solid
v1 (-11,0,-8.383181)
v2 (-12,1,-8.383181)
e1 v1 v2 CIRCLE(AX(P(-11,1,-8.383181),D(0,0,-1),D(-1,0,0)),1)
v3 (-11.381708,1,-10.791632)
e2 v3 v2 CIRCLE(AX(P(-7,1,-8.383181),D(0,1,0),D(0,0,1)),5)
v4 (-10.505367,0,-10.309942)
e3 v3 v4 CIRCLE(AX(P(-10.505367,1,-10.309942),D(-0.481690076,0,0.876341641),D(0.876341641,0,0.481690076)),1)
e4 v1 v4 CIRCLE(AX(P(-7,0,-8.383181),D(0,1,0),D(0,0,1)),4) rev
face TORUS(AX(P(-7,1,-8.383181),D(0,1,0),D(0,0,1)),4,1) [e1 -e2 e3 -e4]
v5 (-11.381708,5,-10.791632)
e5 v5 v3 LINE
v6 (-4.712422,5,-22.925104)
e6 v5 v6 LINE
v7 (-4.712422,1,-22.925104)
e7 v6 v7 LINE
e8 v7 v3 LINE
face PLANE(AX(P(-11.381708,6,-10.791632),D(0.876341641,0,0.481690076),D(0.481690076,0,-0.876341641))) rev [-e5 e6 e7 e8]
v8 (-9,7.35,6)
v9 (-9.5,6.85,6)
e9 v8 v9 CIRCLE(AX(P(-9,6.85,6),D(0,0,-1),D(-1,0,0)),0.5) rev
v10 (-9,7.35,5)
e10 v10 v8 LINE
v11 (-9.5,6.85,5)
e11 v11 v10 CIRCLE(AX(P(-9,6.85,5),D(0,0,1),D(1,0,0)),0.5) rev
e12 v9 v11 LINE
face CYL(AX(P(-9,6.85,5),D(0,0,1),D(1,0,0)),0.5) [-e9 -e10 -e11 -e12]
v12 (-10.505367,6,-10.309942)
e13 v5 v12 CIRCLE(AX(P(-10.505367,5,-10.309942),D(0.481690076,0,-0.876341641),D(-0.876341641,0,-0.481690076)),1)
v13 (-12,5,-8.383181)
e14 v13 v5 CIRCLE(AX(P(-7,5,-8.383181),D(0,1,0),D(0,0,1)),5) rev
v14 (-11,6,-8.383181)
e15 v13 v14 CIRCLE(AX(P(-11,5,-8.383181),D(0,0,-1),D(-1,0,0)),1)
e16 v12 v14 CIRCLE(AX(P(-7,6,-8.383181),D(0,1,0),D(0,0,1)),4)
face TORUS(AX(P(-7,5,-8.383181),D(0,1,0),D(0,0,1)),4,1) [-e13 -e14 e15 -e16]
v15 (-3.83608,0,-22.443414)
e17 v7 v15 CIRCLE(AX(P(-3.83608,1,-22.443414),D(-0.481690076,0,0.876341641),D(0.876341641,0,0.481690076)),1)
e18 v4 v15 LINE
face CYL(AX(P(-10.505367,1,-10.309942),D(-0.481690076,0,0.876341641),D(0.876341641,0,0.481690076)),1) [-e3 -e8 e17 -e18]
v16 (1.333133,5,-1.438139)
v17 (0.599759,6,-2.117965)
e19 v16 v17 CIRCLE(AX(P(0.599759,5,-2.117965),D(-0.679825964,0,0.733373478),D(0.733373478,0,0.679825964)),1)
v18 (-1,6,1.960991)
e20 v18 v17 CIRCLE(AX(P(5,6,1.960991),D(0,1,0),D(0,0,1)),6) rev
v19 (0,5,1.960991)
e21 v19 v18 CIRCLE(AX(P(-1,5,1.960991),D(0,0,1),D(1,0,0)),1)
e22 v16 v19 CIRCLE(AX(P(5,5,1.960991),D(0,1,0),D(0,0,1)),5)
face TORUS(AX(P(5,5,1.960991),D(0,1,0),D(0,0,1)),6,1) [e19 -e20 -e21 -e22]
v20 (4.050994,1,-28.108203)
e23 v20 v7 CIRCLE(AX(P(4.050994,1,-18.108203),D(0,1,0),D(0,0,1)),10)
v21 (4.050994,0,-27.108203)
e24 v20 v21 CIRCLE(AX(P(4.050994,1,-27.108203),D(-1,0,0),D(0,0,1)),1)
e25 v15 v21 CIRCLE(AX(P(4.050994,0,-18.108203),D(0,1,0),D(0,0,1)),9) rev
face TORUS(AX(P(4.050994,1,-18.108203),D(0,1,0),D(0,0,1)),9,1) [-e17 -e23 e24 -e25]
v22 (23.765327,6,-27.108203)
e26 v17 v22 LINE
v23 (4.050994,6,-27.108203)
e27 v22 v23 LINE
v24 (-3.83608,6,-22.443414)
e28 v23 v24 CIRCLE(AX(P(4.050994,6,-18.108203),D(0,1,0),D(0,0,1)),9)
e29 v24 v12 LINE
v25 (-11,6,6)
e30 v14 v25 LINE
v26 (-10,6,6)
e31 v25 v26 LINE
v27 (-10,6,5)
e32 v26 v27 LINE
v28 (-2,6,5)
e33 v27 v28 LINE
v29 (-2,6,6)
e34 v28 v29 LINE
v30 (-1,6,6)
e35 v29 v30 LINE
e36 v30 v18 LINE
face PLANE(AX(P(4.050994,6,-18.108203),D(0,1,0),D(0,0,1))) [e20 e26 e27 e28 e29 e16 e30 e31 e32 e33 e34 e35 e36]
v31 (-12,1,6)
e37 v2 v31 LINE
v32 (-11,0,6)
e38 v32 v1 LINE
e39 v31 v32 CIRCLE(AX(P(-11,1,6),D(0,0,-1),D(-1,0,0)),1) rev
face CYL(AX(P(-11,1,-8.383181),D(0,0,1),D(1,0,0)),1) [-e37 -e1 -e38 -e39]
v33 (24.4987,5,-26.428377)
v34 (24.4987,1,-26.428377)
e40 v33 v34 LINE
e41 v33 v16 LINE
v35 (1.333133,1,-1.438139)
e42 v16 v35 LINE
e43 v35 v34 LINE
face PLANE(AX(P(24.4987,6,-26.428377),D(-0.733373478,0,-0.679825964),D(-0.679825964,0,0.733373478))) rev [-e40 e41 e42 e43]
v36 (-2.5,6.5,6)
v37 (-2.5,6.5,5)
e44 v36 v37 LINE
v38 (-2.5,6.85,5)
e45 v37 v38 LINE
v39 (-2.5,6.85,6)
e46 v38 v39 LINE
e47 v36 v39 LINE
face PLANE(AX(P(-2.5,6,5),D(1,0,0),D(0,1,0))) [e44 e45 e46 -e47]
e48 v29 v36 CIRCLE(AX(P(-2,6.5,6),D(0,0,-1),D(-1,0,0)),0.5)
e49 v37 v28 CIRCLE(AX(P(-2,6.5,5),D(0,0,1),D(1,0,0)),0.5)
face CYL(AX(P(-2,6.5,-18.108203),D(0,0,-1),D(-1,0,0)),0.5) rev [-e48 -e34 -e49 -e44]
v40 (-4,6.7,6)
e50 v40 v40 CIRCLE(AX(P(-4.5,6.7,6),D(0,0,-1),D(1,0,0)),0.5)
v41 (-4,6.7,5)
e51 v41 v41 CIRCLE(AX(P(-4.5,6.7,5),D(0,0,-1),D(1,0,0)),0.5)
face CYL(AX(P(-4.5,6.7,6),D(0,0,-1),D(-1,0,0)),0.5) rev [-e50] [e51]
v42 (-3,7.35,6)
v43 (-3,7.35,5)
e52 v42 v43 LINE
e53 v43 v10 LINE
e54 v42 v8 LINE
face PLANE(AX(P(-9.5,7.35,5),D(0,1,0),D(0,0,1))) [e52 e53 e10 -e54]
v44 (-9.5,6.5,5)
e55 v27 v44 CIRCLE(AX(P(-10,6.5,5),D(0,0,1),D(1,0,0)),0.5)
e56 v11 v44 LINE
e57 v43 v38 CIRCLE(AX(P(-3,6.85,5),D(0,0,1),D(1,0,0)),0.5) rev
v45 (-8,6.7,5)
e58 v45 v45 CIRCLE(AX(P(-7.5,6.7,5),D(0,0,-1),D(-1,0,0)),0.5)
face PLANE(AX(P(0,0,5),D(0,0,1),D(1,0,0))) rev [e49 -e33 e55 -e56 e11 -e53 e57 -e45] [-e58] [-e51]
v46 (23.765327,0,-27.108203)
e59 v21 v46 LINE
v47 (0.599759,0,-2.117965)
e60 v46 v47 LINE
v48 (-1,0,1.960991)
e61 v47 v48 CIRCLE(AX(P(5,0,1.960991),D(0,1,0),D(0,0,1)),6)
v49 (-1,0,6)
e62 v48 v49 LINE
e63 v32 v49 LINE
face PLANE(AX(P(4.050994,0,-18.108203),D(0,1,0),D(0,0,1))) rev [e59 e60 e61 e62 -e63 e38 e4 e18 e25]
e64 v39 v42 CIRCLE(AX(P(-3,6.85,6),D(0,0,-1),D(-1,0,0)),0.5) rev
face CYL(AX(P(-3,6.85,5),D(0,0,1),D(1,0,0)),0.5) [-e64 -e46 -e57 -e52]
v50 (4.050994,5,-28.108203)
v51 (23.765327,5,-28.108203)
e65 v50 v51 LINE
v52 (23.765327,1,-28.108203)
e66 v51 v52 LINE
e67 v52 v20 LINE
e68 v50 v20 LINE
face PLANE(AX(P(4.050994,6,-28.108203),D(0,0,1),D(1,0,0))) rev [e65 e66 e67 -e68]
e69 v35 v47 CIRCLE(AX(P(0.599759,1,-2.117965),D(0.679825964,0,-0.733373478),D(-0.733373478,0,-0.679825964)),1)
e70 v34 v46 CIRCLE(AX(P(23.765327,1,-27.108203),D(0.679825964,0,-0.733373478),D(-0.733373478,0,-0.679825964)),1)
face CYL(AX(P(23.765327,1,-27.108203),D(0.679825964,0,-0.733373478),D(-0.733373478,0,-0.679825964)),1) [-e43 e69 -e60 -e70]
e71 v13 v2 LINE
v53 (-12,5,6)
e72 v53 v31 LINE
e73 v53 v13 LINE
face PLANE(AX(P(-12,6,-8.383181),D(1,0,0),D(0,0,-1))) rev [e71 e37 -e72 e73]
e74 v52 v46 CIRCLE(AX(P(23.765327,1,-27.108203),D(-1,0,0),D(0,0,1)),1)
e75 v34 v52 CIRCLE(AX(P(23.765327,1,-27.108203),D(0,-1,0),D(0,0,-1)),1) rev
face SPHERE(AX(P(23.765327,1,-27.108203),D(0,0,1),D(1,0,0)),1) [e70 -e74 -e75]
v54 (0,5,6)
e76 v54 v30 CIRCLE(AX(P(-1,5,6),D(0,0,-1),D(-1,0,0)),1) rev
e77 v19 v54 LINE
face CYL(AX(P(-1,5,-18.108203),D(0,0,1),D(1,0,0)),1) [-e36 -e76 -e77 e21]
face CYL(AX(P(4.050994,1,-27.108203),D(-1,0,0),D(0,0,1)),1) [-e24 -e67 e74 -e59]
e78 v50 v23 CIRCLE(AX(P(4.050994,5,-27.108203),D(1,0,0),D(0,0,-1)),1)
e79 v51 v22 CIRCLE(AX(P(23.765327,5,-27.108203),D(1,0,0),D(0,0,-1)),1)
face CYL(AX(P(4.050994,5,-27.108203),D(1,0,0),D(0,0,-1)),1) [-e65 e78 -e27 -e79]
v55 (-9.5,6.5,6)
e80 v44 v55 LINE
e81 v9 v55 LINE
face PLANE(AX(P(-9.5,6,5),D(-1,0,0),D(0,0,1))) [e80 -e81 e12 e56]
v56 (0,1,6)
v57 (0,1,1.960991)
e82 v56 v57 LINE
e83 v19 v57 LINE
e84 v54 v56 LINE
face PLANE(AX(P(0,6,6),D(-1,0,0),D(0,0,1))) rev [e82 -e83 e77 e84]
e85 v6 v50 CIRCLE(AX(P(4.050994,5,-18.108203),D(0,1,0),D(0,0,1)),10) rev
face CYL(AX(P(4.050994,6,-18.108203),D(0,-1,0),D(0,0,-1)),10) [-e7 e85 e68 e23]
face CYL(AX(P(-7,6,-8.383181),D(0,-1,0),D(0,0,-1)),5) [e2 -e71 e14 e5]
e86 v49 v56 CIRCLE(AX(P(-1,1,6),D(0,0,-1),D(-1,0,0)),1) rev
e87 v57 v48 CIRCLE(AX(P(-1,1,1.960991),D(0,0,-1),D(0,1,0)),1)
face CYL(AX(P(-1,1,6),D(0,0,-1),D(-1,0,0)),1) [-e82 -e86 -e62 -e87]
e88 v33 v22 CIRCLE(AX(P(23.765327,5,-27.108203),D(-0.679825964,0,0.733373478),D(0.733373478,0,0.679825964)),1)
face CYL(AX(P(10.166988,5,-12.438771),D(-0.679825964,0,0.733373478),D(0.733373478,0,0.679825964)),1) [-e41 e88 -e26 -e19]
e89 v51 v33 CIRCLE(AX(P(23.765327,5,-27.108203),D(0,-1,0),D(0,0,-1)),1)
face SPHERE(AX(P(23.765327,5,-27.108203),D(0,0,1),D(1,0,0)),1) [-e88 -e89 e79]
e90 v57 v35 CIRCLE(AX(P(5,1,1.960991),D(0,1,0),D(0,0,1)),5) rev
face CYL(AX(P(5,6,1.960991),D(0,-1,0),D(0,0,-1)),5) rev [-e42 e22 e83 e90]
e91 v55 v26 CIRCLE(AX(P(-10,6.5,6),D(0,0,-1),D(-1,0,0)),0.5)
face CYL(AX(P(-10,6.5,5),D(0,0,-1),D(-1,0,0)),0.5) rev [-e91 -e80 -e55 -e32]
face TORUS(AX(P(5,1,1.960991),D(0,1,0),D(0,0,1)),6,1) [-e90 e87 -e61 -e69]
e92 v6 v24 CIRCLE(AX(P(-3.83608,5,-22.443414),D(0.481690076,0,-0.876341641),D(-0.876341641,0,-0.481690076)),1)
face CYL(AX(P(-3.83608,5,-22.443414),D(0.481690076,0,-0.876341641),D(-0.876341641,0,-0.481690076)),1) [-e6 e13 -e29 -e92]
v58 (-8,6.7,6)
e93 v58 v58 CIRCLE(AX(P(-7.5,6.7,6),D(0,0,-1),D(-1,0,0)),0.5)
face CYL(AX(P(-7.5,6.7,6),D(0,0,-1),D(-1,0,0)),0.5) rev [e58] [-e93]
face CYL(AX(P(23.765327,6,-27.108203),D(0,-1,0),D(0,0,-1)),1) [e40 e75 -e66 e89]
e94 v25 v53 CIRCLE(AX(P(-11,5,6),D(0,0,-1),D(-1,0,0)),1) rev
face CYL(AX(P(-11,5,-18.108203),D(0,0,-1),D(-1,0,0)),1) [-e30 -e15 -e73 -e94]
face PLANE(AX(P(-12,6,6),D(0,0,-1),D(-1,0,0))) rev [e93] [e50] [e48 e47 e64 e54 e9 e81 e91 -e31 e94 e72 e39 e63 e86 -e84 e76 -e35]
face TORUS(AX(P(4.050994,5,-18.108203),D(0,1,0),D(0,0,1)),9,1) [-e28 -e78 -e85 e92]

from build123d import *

# Parameters (mm, degrees)
BOSS_EXTRUDE1_DEPTH = 6
FILLET1_R           = 1
FILLET2_R           = 1
SKETCH3_W           = 7
SKETCH3_H           = 1.35
BOSS_EXTRUDE2_DEPTH = 1
FILLET4_R           = 0.5
SKETCH4_R           = 0.5
CUT_EXTRUDE1_DEPTH  = 1


with BuildPart() as part:
    # Sketch1 → Boss-Extrude1 (new body)
    with BuildSketch(Plane(origin=(0, 0, 0), x_dir=(1, 0, 0), z_dir=(0, 1, 0))):
        with BuildLine():
            Line((-11.381708203, 10.791631839), (-4.712422066, 22.925104071))
            ThreePointArc((-4.712422066, 22.925104071), (-1.039732152, 26.715438863), (4.050994341, 28.108203315))
            Line((4.050994341, 28.108203315), (23.765326904, 28.108203315))
            ThreePointArc((23.765326904, 28.108203315), (24.68179457, 27.508312073), (24.498700382, 26.428377351))
            Line((24.498700382, 26.428377351), (1.333132609, 1.438138803))
            ThreePointArc((1.333132609, 1.438138803), (0.345199416, -0.135386591), (0, -1.960991017))
            Line((0, -1.960991017), (0, -6))
            Line((0, -6), (-12, -6))
            Line((-12, -6), (-12, 8.383181461))
            ThreePointArc((-12, 8.383181461), (-11.842960924, 9.626455161), (-11.381708203, 10.791631839))
        make_face()
    extrude(amount=BOSS_EXTRUDE1_DEPTH)

    # Fillet1
    fillet1_edges = [part.edges().sort_by_distance(p)[0] for p in [
        (-11.842960924, 6, -9.626455161),
        (-12, 6, -1.191590731),
        (0, 6, 3.980495509),
        (0.345199416, 6, 0.135386591),
        (12.915916496, 6, -13.933258077),
        (24.68179457, 6, -27.508312073),
        (13.908160623, 6, -28.108203315),
        (-1.039732152, 6, -26.715438863),
        (-8.047065134, 6, -16.858367955),
    ]]
    fillet(fillet1_edges, radius=FILLET1_R)

    # Fillet2
    fillet2_edges = [part.edges().sort_by_distance(p)[0] for p in [
        (12.915916496, 0, -13.933258077),
        (0.345199416, 0, 0.135386591),
        (0, 0, 3.980495509),
        (-12, 0, -1.191590731),
        (-11.842960924, 0, -9.626455161),
        (-8.047065134, 0, -16.858367955),
        (-1.039732152, 0, -26.715438863),
        (13.908160623, 0, -28.108203315),
        (24.68179457, 0, -27.508312073),
    ]]
    fillet(fillet2_edges, radius=FILLET2_R)

    # Sketch3 → Boss-Extrude2 (add)
    with BuildSketch(Plane.XY.offset(6)):
        with Locations((-6, 6.675)):
            Rectangle(SKETCH3_W, SKETCH3_H)
    extrude(amount=-BOSS_EXTRUDE2_DEPTH)

    # Fillet4
    fillet4_edges = [part.edges().sort_by_distance(p)[0] for p in [
        (-2.5, 6, 5.5),
        (-9.5, 6, 5.5),
        (-9.5, 7.35, 5.5),
        (-2.5, 7.35, 5.5),
    ]]
    fillet(fillet4_edges, radius=FILLET4_R)

    # Sketch4 → Cut-Extrude1 (cut)
    with BuildSketch(Plane(origin=(0, 0, 5), x_dir=(-1, 0, 0), z_dir=(0, 0, -1))):
        with Locations((7.5, 6.7)):
            Circle(SKETCH4_R)
        with Locations(Location((4.5, 6.7, 0), (0, 0, 180))):
            Circle(SKETCH4_R)
    extrude(amount=-CUT_EXTRUDE1_DEPTH, mode=Mode.SUBTRACT)


solid = part.part
